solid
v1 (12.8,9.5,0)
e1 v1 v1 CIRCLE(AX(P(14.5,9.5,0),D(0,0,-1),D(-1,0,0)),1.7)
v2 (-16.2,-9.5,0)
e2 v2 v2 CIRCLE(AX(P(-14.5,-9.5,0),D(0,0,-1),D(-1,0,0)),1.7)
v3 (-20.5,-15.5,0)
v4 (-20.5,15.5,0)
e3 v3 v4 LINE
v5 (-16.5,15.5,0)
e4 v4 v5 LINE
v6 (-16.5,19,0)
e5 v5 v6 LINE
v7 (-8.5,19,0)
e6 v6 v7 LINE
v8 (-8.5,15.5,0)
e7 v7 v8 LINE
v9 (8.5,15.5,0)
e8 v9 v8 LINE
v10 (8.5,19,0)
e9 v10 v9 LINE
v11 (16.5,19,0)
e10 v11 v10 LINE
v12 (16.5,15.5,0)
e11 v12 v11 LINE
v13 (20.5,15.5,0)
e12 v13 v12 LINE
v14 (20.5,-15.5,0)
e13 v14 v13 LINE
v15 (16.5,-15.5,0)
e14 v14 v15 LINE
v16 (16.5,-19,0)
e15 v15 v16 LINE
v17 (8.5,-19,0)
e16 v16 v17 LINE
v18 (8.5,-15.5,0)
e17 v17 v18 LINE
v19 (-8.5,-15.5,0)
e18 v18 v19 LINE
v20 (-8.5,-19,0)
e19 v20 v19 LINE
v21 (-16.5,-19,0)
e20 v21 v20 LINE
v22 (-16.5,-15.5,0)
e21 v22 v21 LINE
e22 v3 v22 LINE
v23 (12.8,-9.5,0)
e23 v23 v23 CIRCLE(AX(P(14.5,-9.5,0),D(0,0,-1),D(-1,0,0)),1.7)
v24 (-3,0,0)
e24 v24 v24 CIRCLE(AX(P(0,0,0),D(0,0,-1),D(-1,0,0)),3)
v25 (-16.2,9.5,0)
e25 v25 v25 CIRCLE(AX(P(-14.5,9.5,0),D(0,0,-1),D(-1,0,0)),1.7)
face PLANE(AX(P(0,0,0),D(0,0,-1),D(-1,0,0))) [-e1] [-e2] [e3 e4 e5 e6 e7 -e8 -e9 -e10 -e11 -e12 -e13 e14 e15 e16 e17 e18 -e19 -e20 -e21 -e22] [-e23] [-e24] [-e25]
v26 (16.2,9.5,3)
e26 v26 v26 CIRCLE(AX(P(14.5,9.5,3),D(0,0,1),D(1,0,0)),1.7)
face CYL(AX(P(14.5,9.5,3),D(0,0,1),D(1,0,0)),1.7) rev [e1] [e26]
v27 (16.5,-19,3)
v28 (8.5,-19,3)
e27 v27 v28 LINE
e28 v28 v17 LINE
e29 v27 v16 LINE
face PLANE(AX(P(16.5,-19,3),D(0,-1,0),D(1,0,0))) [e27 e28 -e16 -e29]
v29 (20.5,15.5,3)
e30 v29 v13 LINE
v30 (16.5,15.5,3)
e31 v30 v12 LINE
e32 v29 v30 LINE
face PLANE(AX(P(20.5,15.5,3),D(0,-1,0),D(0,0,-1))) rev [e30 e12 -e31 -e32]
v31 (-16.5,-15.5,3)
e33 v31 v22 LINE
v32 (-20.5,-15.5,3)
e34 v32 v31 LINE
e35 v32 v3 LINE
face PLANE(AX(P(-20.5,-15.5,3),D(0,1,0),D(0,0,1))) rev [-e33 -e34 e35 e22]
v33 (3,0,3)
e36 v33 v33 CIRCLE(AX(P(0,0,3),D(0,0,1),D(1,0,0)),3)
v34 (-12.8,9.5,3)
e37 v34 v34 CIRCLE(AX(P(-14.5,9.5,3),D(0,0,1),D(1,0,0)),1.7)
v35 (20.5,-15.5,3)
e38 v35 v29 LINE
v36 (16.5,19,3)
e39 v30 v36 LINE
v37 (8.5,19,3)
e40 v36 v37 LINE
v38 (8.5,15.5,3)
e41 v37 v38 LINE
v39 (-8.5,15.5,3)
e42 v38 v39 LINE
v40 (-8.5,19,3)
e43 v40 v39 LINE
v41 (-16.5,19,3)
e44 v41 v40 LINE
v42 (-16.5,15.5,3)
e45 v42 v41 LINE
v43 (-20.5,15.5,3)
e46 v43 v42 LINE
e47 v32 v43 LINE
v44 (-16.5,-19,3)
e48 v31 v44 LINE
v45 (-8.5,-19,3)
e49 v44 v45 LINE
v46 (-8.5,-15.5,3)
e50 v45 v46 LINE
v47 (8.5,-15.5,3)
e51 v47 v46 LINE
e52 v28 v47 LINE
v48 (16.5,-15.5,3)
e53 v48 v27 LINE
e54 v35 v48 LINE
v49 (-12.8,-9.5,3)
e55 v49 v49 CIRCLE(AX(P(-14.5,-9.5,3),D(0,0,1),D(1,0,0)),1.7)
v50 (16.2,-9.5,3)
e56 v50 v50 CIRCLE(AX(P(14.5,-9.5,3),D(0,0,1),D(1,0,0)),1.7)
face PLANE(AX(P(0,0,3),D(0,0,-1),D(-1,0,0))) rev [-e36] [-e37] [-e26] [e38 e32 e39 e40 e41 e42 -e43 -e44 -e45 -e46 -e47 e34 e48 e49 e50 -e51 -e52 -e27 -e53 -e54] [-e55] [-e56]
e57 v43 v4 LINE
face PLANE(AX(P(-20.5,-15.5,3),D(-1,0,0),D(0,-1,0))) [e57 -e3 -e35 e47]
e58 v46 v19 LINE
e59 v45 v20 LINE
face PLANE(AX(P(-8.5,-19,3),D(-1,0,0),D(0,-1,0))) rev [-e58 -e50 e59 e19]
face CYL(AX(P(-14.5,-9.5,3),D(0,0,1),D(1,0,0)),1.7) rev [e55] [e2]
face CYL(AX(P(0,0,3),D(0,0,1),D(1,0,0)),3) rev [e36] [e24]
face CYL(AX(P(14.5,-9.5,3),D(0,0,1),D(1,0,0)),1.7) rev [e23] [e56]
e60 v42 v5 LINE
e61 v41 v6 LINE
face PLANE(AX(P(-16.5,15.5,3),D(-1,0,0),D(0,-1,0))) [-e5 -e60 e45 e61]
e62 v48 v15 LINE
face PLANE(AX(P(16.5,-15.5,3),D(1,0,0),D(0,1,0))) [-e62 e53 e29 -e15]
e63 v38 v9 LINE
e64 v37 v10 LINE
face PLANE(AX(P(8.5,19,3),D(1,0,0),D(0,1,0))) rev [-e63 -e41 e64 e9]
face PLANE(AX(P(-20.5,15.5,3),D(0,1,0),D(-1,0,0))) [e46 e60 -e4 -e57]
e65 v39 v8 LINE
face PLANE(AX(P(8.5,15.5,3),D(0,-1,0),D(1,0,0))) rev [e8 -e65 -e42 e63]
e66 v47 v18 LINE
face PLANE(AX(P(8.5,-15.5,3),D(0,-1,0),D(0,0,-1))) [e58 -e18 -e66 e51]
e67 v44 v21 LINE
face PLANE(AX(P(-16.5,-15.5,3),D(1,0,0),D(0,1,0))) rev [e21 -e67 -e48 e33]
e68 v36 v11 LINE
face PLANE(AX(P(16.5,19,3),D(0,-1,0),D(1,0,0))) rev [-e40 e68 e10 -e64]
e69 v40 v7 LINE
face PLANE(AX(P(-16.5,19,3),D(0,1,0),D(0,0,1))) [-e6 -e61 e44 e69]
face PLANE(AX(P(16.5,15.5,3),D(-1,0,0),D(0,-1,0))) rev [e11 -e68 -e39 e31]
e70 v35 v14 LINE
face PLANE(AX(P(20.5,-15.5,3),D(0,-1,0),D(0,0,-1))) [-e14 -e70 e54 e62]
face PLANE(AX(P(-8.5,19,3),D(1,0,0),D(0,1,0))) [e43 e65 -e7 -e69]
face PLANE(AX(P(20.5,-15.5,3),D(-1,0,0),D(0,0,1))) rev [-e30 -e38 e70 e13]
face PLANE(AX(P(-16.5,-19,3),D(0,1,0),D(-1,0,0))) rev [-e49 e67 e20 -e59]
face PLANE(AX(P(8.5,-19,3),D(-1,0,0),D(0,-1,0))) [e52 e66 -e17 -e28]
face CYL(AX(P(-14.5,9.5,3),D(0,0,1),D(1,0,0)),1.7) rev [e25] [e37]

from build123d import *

# Parameters (mm, degrees)
BOSS_EXTRUDE1_DEPTH          = 3
F_6_0_6_DIAMETER_HOLE1_D     = 6
F_6_0_6_DIAMETER_HOLE1_DEPTH = 3
M3_CLEARANCE_HOLE1_D         = 3.4
M3_CLEARANCE_HOLE1_DEPTH     = 3.001
MIRROR2_COPY_1_D             = 3.4
MIRROR2_COPY_1_DEPTH         = 3.001


with BuildPart() as part:
    # Sketch1 → Boss-Extrude1 (new body)
    with BuildSketch(Plane.XY):
        Polygon((20.5, -15.5), (20.5, 15.5), (16.5, 15.5), (16.5, 19), (8.5, 19), (8.5, 15.5), (-8.5, 15.5), (-8.5, 19), (-16.5, 19), (-16.5, 15.5), (-20.5, 15.5), (-20.5, -15.5), (-16.5, -15.5), (-16.5, -19), (-8.5, -19), (-8.5, -15.5), (8.5, -15.5), (8.5, -19), (16.5, -19), (16.5, -15.5), align=None)
    extrude(amount=BOSS_EXTRUDE1_DEPTH)

    # Ø6.0 (6) Diameter Hole1
    with Locations(Plane.XY.offset(3)):
        with Locations((0, 0)):
            Hole(F_6_0_6_DIAMETER_HOLE1_D / 2, depth=F_6_0_6_DIAMETER_HOLE1_DEPTH)

    # M3 Clearance Hole1
    with Locations(Plane.XY.offset(3)):
        with Locations((14.5, 9.5)):
            m3_clearance_hole1 = Hole(M3_CLEARANCE_HOLE1_D / 2, depth=M3_CLEARANCE_HOLE1_DEPTH)

    # Mirror1: M3 Clearance Hole1 across plane
    add(m3_clearance_hole1.mirror(Plane(origin=(0, 0, 0), x_dir=(0, 0, 1), z_dir=(1, 0, 0))), mode=Mode.SUBTRACT)

    # Mirror2: M3 Clearance Hole1 across plane
    add(m3_clearance_hole1.mirror(Plane.ZX), mode=Mode.SUBTRACT)

    # Mirror2 copy 1
    with Locations(Plane(origin=(0, 0, 3), x_dir=(-1, 0, 0), z_dir=(0, 0, 1))):
        with Locations((14.5, 9.5)):
            Hole(MIRROR2_COPY_1_D / 2, depth=MIRROR2_COPY_1_DEPTH)


solid = part.part
